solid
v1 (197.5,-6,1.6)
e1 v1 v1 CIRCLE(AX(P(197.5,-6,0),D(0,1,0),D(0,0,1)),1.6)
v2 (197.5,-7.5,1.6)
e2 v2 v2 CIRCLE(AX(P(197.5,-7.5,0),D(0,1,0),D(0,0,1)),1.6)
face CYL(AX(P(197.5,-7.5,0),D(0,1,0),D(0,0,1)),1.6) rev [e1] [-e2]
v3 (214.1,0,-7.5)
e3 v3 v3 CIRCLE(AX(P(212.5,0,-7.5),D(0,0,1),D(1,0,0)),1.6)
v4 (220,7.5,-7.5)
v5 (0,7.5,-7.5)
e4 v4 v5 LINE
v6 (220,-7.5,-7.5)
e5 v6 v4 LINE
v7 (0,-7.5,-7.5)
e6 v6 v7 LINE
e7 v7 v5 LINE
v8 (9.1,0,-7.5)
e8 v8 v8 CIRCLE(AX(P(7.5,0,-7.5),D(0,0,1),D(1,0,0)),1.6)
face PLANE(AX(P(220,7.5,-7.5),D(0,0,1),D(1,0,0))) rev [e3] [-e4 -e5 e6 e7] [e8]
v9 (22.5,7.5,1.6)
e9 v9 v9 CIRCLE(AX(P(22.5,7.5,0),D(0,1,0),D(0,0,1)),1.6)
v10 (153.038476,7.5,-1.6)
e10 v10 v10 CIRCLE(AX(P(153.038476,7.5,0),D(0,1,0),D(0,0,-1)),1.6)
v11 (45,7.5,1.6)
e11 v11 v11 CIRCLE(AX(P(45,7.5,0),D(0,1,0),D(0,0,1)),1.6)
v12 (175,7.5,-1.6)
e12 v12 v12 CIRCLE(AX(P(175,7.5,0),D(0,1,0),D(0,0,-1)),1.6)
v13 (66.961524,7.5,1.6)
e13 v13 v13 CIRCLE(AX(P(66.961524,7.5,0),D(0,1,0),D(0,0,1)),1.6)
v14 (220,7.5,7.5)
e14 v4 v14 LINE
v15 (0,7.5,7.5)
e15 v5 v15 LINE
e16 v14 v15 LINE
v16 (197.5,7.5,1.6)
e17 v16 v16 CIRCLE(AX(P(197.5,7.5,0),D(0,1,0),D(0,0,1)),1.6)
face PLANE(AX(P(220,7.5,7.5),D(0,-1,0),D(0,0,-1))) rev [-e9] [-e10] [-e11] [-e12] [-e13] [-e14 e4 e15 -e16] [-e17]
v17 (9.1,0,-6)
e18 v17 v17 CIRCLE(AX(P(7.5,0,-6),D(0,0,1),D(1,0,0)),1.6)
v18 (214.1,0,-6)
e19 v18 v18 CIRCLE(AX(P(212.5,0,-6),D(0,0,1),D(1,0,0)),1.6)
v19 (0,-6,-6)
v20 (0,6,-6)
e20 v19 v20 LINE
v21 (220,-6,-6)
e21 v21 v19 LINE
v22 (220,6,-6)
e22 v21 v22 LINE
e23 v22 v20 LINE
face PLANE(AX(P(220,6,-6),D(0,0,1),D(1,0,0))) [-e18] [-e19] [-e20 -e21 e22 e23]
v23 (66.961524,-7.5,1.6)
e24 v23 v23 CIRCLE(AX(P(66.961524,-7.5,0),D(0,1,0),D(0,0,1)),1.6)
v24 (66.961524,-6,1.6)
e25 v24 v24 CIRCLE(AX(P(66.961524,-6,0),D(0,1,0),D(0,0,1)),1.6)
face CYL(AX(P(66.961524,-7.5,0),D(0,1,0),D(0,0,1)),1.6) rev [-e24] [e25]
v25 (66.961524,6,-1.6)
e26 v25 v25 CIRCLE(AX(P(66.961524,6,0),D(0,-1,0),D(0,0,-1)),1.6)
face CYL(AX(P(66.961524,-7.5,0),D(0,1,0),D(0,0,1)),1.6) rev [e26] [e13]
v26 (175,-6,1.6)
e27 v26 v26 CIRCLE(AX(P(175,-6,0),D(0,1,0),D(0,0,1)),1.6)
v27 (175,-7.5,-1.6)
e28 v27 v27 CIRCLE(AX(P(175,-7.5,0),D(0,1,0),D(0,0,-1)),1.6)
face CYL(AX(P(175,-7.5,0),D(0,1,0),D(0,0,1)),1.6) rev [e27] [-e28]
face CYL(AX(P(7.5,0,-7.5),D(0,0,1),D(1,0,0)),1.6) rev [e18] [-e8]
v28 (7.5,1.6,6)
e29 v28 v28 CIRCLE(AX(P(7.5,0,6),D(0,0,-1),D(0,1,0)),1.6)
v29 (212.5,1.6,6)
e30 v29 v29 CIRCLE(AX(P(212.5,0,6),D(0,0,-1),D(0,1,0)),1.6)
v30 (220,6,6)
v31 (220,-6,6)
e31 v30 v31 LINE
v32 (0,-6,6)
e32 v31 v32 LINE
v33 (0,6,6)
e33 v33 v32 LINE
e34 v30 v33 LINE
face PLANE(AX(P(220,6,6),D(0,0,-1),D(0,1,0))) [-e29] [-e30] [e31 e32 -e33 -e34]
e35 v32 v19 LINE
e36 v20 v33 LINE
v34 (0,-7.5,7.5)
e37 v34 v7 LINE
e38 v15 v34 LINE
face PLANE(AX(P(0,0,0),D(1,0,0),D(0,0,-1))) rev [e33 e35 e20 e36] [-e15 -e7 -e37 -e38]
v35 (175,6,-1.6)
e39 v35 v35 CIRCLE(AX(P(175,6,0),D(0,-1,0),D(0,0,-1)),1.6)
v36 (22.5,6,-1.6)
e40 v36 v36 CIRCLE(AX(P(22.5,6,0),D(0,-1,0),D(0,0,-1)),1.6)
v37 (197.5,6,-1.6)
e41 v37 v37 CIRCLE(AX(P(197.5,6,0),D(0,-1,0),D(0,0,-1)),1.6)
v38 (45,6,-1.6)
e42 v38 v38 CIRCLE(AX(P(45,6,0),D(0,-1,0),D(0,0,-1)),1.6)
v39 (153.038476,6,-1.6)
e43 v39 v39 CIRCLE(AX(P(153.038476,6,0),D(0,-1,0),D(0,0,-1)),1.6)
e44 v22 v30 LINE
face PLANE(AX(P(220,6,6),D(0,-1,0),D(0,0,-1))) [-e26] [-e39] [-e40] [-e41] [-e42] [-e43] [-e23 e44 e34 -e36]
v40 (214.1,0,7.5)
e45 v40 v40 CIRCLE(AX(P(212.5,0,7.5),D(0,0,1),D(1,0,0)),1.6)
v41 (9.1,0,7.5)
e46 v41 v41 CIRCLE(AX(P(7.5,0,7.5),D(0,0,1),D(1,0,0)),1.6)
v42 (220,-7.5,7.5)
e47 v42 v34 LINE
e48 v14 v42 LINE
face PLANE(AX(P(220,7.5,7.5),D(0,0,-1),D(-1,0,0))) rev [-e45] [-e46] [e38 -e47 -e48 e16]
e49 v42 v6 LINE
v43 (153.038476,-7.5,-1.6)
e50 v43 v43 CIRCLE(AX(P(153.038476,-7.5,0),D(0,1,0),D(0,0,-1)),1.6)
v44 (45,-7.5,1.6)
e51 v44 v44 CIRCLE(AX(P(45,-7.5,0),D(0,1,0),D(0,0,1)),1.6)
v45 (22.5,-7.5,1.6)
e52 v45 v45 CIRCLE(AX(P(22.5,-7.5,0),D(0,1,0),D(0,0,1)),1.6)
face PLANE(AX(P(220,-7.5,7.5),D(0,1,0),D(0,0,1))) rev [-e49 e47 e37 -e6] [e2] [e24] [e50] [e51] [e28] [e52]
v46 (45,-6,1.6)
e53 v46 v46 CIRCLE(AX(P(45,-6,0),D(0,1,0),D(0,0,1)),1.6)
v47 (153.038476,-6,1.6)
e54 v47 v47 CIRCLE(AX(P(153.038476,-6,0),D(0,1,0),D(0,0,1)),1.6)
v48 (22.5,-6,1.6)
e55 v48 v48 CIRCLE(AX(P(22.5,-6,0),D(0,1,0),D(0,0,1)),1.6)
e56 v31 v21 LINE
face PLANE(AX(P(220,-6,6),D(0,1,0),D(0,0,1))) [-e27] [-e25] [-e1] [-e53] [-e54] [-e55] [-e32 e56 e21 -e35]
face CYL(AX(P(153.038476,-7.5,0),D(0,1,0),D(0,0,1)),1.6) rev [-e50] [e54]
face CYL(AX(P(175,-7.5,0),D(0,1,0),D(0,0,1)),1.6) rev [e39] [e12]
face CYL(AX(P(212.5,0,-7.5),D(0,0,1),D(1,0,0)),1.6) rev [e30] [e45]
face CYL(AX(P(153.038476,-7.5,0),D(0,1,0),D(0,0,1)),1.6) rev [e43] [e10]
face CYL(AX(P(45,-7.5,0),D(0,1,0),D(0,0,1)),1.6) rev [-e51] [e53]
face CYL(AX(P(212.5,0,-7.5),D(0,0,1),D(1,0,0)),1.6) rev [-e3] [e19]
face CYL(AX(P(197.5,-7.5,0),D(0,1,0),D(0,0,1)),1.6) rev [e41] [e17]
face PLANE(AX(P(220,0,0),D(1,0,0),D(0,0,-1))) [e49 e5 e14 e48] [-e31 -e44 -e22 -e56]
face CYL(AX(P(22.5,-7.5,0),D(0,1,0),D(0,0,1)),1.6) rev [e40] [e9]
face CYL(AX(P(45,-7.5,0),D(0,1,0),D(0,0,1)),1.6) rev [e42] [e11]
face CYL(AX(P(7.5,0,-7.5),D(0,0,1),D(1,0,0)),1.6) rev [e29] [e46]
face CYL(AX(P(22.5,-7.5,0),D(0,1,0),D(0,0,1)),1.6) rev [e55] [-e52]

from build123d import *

# Parameters (mm, degrees)
SKETCH_1_W          = 15
SKETCH_1_H          = 15
SKETCH_1_W_2        = 12
SKETCH_1_H_2        = 12
EXTRUDE_1_DEPTH     = 220
SKETCH_2_R          = 1.6
CUT_EXTRUDE_1_DEPTH = 221.638278637
SKETCH_3_R          = 1.6
CUT_EXTRUDE_2_DEPTH = 221.638278637


with BuildPart() as part:
    # ｽｹｯﾁ1 → ﾎﾞｽ - 押し出し1 (new body)
    with BuildSketch(Plane(origin=(0, 0, 0), x_dir=(0, 0, -1), z_dir=(1, 0, 0))):
        Rectangle(SKETCH_1_W, SKETCH_1_H)
        Rectangle(SKETCH_1_W_2, SKETCH_1_H_2, mode=Mode.SUBTRACT)
    extrude(amount=EXTRUDE_1_DEPTH)

    # ｽｹｯﾁ2 → ｶｯﾄ - 押し出し1 (cut, through all)
    with BuildSketch(Plane(origin=(0, 7.5, 0), x_dir=(1, 0, 0), z_dir=(0, 1, 0))):
        with Locations(Location((66.961524227, 0, 0), (0, 0, 270))):
            Circle(SKETCH_2_R)
        with Locations(Location((45, 0, 0), (0, 0, 270))):
            Circle(SKETCH_2_R)
        with Locations(Location((175, 0, 0), (0, 0, 270))):
            Circle(SKETCH_2_R)
        with Locations(Location((153.038475773, 0, 0), (0, 0, 270))):
            Circle(SKETCH_2_R)
        with Locations(Location((22.5, 0, 0), (0, 0, 270))):
            Circle(SKETCH_2_R)
        with Locations(Location((197.5, 0, 0), (0, 0, 270))):
            Circle(SKETCH_2_R)
    extrude(amount=-CUT_EXTRUDE_1_DEPTH, mode=Mode.SUBTRACT)

    # ｽｹｯﾁ3 → ｶｯﾄ - 押し出し2 (cut, through all)
    with BuildSketch(Plane.XY.offset(7.5)):
        with Locations((7.5, 0)):
            Circle(SKETCH_3_R)
        with Locations((212.5, 0)):
            Circle(SKETCH_3_R)
    extrude(amount=-CUT_EXTRUDE_2_DEPTH, mode=Mode.SUBTRACT)


solid = part.part
